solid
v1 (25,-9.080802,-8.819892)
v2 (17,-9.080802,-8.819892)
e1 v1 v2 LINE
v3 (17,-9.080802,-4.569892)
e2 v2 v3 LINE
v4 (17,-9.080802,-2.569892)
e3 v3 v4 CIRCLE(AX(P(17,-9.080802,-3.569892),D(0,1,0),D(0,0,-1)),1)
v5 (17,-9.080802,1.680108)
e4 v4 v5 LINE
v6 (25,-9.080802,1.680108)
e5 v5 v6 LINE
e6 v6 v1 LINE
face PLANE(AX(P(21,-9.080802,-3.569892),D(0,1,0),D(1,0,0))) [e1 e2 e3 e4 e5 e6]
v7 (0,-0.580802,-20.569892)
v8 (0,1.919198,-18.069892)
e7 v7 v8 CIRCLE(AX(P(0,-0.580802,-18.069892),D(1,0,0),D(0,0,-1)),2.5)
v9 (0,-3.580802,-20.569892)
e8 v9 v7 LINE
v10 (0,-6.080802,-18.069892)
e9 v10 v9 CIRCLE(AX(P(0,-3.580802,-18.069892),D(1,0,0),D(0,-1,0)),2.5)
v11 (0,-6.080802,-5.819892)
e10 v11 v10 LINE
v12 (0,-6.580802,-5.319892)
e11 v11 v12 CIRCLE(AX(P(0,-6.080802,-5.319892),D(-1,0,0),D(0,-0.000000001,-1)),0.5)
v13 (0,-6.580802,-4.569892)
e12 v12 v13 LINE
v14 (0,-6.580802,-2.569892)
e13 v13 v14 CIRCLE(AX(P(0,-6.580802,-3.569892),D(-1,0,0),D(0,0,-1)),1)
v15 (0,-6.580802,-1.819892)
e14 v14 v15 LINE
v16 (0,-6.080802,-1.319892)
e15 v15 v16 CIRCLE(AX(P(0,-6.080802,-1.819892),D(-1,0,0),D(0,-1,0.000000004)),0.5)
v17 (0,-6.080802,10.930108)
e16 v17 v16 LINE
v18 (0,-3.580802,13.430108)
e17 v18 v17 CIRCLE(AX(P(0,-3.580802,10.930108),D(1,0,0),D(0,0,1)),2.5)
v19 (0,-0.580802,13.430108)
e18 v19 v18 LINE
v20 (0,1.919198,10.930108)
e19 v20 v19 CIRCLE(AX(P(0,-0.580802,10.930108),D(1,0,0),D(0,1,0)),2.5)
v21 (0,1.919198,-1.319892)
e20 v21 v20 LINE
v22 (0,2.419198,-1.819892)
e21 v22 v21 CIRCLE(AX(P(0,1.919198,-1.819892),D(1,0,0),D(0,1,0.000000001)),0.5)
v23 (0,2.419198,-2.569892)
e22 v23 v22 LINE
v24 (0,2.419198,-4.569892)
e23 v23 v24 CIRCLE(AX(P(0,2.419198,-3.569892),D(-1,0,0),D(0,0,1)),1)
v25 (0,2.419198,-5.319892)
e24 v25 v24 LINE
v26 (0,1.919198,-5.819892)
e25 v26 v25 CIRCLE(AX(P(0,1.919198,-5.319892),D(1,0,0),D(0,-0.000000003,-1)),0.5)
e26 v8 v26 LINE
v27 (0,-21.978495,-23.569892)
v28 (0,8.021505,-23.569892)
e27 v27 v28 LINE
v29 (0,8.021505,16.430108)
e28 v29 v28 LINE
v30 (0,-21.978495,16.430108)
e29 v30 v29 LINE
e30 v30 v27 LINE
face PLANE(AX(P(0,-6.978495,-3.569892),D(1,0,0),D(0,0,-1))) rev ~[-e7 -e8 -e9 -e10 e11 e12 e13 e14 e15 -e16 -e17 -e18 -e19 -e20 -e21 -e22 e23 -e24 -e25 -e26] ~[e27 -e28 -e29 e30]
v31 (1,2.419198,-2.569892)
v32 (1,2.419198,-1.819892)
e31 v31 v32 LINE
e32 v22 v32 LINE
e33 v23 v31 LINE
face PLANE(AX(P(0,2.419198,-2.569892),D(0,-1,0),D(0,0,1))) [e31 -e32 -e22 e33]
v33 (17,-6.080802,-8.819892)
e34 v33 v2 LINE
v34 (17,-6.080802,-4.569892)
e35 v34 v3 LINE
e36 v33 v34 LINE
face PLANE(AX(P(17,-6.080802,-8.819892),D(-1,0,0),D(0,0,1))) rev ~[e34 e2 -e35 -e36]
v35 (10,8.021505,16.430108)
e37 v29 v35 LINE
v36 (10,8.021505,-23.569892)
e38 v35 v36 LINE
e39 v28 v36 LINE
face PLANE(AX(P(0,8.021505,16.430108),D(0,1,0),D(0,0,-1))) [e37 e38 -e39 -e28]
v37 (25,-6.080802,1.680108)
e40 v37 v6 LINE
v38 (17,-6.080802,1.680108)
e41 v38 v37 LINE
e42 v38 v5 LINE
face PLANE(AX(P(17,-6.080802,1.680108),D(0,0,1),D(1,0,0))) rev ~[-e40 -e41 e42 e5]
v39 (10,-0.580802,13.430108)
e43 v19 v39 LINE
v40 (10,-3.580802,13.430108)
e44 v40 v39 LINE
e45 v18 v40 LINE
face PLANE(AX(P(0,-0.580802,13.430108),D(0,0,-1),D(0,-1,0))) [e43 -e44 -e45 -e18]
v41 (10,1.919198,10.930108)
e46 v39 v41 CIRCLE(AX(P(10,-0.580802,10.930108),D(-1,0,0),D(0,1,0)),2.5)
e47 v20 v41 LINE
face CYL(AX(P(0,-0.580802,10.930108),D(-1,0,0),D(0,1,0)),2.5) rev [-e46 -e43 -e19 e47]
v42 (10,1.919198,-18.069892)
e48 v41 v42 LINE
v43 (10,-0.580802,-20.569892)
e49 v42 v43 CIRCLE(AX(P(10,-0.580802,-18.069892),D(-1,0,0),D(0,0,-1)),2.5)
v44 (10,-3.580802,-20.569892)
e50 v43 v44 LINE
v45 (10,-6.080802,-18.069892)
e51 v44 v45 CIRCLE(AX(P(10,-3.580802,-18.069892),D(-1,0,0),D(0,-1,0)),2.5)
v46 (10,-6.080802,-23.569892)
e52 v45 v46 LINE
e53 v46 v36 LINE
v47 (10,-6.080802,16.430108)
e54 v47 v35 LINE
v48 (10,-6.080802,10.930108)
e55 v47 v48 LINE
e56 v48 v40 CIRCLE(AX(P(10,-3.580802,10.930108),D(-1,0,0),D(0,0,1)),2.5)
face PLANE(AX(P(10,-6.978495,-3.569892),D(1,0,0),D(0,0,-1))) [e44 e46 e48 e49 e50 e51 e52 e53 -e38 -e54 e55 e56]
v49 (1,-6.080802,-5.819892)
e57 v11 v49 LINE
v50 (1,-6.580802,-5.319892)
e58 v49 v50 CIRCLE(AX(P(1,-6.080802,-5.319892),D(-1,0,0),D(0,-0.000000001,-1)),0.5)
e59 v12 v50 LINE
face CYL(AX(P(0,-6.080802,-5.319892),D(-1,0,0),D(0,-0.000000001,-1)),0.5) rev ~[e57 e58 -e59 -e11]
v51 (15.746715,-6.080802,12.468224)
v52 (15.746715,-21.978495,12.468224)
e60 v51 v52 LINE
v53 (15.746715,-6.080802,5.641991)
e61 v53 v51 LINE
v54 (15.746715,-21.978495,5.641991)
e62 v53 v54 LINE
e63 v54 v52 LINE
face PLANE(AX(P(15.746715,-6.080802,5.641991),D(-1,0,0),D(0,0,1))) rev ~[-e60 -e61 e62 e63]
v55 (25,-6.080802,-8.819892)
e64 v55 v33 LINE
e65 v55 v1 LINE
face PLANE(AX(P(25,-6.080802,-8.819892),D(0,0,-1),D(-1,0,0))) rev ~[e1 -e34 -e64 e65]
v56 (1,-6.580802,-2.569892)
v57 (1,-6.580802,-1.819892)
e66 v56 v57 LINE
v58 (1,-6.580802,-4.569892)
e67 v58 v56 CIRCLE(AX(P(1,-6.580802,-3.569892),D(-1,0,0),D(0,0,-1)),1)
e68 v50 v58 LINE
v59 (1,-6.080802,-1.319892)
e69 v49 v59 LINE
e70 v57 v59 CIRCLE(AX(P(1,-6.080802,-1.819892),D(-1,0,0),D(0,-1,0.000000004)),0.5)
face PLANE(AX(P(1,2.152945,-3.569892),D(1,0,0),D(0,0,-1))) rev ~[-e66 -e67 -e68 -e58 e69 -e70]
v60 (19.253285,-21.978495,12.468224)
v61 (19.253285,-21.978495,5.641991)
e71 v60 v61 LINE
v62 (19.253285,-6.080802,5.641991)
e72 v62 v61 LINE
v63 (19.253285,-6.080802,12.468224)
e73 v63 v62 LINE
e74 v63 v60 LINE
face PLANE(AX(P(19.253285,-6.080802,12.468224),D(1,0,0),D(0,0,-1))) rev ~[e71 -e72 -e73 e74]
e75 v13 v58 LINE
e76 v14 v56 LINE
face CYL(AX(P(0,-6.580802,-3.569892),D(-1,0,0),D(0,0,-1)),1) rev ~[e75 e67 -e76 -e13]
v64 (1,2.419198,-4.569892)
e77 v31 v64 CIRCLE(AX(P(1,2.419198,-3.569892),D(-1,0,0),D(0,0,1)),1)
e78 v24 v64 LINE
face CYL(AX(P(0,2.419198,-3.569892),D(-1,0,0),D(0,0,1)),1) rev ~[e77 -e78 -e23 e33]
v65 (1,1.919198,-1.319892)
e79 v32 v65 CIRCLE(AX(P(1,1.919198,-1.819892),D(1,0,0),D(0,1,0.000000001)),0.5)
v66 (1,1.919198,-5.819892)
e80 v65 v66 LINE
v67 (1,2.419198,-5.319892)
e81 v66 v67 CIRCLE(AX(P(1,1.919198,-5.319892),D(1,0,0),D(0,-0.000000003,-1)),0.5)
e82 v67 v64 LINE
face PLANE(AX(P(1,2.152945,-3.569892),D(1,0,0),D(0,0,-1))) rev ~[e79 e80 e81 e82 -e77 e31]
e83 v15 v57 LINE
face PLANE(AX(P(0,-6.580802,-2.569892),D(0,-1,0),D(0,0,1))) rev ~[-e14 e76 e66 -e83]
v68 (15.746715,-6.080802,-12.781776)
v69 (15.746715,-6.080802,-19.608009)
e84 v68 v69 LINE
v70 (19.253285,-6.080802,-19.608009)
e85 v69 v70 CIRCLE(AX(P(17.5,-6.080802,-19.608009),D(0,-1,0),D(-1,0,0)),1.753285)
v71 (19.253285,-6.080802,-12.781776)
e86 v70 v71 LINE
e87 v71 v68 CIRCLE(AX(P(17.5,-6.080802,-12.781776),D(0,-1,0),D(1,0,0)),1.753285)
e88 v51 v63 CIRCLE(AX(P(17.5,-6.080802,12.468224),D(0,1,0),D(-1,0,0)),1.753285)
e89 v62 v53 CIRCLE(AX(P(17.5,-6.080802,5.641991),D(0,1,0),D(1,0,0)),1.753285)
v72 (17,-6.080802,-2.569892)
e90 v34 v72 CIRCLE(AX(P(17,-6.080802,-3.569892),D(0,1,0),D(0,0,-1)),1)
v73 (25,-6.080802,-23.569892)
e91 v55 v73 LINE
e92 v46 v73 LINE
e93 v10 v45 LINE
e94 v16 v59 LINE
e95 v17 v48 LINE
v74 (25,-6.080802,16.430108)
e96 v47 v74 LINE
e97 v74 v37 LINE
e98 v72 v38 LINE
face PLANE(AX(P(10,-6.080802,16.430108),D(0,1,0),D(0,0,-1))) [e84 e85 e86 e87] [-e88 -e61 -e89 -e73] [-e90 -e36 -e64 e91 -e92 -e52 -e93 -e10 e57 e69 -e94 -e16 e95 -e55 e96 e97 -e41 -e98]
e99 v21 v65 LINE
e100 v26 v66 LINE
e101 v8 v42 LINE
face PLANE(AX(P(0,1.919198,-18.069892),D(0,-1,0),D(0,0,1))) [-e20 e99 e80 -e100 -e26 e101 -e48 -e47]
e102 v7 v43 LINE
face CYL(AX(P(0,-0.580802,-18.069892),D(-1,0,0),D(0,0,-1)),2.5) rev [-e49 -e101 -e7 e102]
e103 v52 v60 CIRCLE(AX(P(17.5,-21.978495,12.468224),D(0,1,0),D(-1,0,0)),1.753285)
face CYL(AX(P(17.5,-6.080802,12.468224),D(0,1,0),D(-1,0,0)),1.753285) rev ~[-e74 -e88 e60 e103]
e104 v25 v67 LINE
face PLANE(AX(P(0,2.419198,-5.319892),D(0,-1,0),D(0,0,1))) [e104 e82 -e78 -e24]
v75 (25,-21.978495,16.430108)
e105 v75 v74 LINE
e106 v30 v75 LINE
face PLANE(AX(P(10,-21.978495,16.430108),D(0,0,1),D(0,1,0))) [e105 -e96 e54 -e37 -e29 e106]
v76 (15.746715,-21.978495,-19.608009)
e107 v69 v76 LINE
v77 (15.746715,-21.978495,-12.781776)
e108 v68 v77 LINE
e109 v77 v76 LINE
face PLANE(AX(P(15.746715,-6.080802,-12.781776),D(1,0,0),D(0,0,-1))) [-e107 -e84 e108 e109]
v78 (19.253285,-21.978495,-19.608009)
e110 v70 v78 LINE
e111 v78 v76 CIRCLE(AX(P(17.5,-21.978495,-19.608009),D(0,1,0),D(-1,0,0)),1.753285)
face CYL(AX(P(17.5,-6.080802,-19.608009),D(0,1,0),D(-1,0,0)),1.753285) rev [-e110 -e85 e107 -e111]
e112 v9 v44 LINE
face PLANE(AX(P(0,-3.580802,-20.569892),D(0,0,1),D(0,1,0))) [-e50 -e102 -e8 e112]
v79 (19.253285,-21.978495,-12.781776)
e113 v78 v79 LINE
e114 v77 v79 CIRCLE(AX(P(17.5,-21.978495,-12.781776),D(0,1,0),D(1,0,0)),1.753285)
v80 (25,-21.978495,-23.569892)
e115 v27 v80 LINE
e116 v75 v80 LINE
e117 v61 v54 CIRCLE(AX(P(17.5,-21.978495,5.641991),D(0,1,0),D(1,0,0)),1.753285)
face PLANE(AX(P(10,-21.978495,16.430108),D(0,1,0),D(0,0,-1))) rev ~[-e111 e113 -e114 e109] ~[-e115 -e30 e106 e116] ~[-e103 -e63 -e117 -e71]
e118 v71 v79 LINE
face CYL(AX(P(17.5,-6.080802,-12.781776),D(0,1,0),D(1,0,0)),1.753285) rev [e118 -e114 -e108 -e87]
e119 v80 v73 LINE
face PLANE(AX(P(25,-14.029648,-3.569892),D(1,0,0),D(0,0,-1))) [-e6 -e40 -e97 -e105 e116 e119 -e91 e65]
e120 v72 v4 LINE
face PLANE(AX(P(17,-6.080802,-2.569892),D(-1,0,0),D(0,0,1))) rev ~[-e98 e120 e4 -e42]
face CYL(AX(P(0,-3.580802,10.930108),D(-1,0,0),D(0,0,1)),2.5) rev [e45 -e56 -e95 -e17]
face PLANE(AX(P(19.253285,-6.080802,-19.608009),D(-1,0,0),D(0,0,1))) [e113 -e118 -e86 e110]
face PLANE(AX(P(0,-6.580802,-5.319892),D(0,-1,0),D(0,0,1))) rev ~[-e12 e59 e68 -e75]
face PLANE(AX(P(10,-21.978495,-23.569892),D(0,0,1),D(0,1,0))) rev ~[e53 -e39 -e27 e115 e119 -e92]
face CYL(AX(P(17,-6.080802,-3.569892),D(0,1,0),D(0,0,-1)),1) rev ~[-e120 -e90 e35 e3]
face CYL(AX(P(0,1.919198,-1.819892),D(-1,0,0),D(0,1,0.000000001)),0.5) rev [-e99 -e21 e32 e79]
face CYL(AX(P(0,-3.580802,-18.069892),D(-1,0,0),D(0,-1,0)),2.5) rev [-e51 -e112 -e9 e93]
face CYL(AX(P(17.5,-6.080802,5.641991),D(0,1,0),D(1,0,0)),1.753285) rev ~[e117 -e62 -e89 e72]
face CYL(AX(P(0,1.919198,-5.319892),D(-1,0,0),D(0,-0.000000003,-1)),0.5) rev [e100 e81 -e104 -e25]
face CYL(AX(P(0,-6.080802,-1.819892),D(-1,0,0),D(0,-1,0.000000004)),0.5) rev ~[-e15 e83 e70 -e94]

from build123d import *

# Parameters (mm, degrees)
SKETCH1_W                                     = 40
SKETCH1_H                                     = 30
BOSS_EXTRUDE1_DEPTH                           = 10
SKETCH2_W                                     = 4.5
SKETCH2_H                                     = 8
CUT_EXTRUDE1_DEPTH                            = 1
CUT_EXTRUDE2_DEPTH                            = 11
SKETCH4_W                                     = 40
SKETCH4_H                                     = 15.897693
BOSS_EXTRUDE3_DEPTH                           = 15
FIX_DISTANCES_CONVEX_LENS_SEAT_DEPTH          = 3
CHOOSE_SCREW_SIZE_USE_TIGHT_TOLERANCE_C_DEPTH = 16.897693


with BuildPart() as part:
    # Sketch1 → Boss-Extrude1 (new body)
    with BuildSketch(Plane(origin=(0, 0, 0), x_dir=(0, 0, -1), z_dir=(1, 0, 0))):
        with Locations((3.569892473, -6.978494624)):
            Rectangle(SKETCH1_W, SKETCH1_H)
    extrude(amount=BOSS_EXTRUDE1_DEPTH)

    # Sketch2 → Cut-Extrude1 (cut)
    with BuildSketch(Plane.ZY):
        with BuildLine():
            Line((-5.319892473, 2.419198376), (-1.819892473, 2.419198376))
            ThreePointArc((-1.819892473, 2.419198376), (-1.466339083, 2.272751767), (-1.319892473, 1.919198376))
            Line((-1.319892473, 1.919198376), (-5.819892473, 1.919198376))
            ThreePointArc((-5.819892473, 1.919198376), (-5.673445864, 2.272751767), (-5.319892473, 2.419198376))
        make_face()
        with BuildLine():
            Line((-5.319892473, -6.580801624), (-1.819892473, -6.580801624))
            ThreePointArc((-1.819892473, -6.580801624), (-1.466339083, -6.434355014), (-1.319892473, -6.080801624))
            Line((-1.319892473, -6.080801624), (-5.819892473, -6.080801624))
            ThreePointArc((-5.819892473, -6.080801624), (-5.673445864, -6.434355014), (-5.319892473, -6.580801624))
        make_face()
        with Locations((-3.569892473, -2.080801624)):
            Rectangle(SKETCH2_W, SKETCH2_H)
        with BuildLine():
            ThreePointArc((-2.569892473, 2.419198376), (-3.569892473, 3.419198376), (-4.569892473, 2.419198376))
            Line((-4.569892473, 2.419198376), (-2.569892473, 2.419198376))
        make_face()
        with BuildLine():
            Line((-2.569892473, -6.580801624), (-4.569892473, -6.580801624))
            ThreePointArc((-4.569892473, -6.580801624), (-3.569892473, -7.580801624), (-2.569892473, -6.580801624))
        make_face()
    extrude(amount=-CUT_EXTRUDE1_DEPTH, mode=Mode.SUBTRACT)

    # Sketch3 → Cut-Extrude2 (cut, through all)
    with BuildSketch(Plane.ZY):
        with BuildLine():
            Line((-18.069892473, 1.919198376), (10.930107527, 1.919198376))
            ThreePointArc((10.930107527, 1.919198376), (12.69787448, 1.186965329), (13.430107527, -0.580801624))
            Line((13.430107527, -0.580801624), (13.430107527, -3.580801624))
            ThreePointArc((13.430107527, -3.580801624), (12.69787448, -5.348568577), (10.930107527, -6.080801624))
            Line((10.930107527, -6.080801624), (-18.069892473, -6.080801624))
            ThreePointArc((-18.069892473, -6.080801624), (-19.837659426, -5.348568577), (-20.569892473, -3.580801624))
            Line((-20.569892473, -3.580801624), (-20.569892473, -0.580801624))
            ThreePointArc((-20.569892473, -0.580801624), (-19.837659426, 1.186965329), (-18.069892473, 1.919198376))
        make_face()
    extrude(amount=-CUT_EXTRUDE2_DEPTH, mode=Mode.SUBTRACT)

    # Sketch4 → Boss-Extrude3 (add)
    with BuildSketch(Plane(origin=(10, 0, 0), x_dir=(0, 0, -1), z_dir=(1, 0, 0))):
        with Locations((3.569892473, -14.029648124)):
            Rectangle(SKETCH4_W, SKETCH4_H)
    extrude(amount=BOSS_EXTRUDE3_DEPTH)

    # Sketch6 → [fix distances] convex_lens_seat (cut)
    with BuildSketch(Plane(origin=(0, -6.080801624, 0), x_dir=(1, 0, 0), z_dir=(0, 1, 0))):
        Polygon((17, 2.569892473), (17, -1.680107527), (25, -1.680107527), (25, 8.819892473), (17, 8.819892473), (17, 4.569892473), align=None)
        with BuildLine():
            ThreePointArc((17, 4.569892473), (16, 3.569892473), (17, 2.569892473))
            Line((17, 2.569892473), (17, 4.569892473))
        make_face()
    extrude(amount=-FIX_DISTANCES_CONVEX_LENS_SEAT_DEPTH, mode=Mode.SUBTRACT)

    # Sketch7 → [choose screw size, use tight tolerance clearance diameter ] slots (cut, through all)
    with BuildSketch(Plane(origin=(0, -6.080801624, 0), x_dir=(1, 0, 0), z_dir=(0, 1, 0))):
        with BuildLine():
            Line((15.746714751, 12.781776292), (15.746714751, 19.608008654))
            ThreePointArc((15.746714751, 19.608008654), (17.5, 21.361293903), (19.253285249, 19.608008654))
            Line((19.253285249, 19.608008654), (19.253285249, 12.781776292))
            ThreePointArc((19.253285249, 12.781776292), (17.5, 11.028491043), (15.746714751, 12.781776292))
        make_face()
        with BuildLine():
            Line((15.746714751, -5.641991346), (15.746714751, -12.468223708))
            ThreePointArc((15.746714751, -12.468223708), (17.5, -14.221508957), (19.253285249, -12.468223708))
            Line((19.253285249, -12.468223708), (19.253285249, -5.641991346))
            ThreePointArc((19.253285249, -5.641991346), (17.5, -3.888706097), (15.746714751, -5.641991346))
        make_face()
    extrude(amount=-CHOOSE_SCREW_SIZE_USE_TIGHT_TOLERANCE_C_DEPTH, mode=Mode.SUBTRACT)


solid = part.part
